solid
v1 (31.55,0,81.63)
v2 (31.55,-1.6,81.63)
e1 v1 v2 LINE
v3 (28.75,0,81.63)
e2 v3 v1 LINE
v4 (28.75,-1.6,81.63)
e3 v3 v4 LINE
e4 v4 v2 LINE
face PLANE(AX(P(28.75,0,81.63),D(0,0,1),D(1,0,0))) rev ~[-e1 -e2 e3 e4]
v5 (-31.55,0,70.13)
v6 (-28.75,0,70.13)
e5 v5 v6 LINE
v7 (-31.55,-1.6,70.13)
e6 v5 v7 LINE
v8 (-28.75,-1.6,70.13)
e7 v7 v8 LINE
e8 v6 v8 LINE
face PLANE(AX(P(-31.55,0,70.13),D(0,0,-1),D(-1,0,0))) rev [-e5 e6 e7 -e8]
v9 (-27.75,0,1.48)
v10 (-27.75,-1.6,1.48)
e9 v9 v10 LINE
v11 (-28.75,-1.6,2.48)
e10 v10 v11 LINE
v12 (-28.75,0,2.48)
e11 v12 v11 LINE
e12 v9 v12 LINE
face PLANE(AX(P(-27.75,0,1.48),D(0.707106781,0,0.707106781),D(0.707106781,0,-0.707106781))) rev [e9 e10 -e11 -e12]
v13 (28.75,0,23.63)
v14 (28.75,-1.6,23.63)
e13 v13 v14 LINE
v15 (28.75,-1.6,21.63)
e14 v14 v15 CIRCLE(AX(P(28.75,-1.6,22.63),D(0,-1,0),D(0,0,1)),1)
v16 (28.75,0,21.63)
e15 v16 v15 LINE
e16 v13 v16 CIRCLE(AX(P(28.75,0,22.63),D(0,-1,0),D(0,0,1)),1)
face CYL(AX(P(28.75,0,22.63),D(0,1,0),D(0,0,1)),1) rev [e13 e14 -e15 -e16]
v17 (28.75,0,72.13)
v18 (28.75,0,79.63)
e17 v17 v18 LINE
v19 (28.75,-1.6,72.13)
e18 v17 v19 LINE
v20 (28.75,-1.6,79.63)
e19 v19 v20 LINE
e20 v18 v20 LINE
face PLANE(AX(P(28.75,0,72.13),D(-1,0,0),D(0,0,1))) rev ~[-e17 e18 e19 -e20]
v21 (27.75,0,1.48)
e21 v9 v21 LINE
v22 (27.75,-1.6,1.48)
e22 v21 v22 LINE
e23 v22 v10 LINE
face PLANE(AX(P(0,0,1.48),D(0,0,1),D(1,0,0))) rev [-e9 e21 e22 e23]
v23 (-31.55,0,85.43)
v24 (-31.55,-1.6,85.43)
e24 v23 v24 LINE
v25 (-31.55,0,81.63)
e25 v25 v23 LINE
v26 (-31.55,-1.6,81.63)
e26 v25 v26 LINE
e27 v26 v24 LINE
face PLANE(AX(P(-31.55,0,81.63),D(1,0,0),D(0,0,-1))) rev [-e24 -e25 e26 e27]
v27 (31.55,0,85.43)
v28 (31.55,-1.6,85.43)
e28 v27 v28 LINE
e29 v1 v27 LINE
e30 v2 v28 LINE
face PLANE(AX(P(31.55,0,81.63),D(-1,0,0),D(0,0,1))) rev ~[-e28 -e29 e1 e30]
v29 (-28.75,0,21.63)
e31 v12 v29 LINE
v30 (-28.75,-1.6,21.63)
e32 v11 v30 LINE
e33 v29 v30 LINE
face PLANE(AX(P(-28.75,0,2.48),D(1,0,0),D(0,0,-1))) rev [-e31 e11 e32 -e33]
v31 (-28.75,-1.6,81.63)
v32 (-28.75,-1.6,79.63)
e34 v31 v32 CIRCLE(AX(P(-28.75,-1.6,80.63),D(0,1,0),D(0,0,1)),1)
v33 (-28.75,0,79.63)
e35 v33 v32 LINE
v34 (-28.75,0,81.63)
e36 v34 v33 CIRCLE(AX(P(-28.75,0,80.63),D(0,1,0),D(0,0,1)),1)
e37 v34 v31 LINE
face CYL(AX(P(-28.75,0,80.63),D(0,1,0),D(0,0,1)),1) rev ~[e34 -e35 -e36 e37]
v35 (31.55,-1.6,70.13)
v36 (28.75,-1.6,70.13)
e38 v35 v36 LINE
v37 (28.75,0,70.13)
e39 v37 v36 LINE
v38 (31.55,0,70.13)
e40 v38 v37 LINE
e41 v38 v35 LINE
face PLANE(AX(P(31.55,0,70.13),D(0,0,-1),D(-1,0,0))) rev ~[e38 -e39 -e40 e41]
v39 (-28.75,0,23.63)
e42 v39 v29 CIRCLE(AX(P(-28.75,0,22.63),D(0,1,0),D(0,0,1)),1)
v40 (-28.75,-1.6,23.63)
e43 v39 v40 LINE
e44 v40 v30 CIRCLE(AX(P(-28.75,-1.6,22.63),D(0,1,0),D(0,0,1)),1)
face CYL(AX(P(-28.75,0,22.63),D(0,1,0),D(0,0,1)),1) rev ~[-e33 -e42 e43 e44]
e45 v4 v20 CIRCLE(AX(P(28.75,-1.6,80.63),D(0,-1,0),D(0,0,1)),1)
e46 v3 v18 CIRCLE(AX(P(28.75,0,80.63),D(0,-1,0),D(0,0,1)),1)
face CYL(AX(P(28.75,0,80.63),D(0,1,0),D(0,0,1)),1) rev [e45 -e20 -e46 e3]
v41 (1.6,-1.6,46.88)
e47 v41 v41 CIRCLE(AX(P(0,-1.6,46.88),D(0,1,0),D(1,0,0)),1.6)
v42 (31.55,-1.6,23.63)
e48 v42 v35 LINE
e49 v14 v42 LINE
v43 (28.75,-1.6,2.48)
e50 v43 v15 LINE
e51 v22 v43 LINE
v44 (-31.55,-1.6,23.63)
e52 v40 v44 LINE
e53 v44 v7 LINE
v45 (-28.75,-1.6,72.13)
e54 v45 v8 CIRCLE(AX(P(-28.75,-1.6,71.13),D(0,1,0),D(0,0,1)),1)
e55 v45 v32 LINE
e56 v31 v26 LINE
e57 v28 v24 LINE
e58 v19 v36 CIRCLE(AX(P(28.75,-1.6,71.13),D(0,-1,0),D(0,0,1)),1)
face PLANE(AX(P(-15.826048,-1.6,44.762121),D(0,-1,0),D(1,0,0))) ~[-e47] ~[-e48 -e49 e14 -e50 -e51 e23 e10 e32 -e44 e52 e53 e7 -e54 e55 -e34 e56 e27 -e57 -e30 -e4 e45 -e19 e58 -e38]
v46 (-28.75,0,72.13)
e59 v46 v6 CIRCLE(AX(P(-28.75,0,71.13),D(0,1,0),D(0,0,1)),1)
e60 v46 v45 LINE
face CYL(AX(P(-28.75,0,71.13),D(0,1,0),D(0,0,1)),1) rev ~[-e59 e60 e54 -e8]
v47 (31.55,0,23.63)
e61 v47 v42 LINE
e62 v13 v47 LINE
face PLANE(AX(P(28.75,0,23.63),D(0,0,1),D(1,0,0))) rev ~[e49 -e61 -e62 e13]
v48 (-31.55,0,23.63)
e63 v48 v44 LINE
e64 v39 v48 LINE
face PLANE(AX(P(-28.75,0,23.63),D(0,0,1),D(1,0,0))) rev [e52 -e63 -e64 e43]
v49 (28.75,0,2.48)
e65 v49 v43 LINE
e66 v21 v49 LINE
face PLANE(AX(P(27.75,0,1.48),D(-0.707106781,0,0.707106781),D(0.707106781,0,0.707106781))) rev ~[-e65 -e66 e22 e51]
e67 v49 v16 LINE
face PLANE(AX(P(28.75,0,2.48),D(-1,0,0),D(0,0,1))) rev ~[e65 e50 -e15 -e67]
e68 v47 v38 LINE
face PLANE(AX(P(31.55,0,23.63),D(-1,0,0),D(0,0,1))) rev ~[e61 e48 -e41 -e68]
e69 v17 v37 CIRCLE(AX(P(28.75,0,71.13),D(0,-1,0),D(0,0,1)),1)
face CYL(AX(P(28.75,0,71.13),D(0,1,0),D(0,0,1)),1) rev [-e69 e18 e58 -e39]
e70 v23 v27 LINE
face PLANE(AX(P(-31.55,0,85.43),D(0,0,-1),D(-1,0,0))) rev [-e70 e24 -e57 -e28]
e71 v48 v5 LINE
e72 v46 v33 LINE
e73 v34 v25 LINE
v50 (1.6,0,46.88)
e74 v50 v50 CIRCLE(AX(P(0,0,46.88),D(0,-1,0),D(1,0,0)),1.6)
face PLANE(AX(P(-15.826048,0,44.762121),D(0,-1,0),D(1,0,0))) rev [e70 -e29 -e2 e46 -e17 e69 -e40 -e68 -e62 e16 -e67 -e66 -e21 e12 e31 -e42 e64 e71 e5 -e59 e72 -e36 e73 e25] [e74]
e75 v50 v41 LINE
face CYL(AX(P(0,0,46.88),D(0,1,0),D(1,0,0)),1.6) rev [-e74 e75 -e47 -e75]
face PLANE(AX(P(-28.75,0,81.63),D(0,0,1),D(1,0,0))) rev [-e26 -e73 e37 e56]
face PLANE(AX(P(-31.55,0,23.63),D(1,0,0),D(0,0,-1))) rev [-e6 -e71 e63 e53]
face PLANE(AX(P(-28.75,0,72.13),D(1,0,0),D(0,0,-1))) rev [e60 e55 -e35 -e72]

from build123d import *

# Parameters (mm, degrees)
PAD009_DEPTH    = 1.6
SKETCH029_R     = 1.6
POCKET014_DEPTH = 1.601


with BuildPart() as part:
    # Sketch028 → Pad009 (new body)
    with BuildSketch(Plane.XZ):
        with BuildLine():
            Line((0, 1.48), (27.75, 1.48))
            Line((27.75, 1.48), (28.75, 2.48))
            Line((28.75, 2.48), (28.75, 21.63))
            ThreePointArc((28.75, 23.63), (27.75, 22.63), (28.75, 21.63))
            Line((28.75, 23.63), (31.55, 23.63))
            Line((31.55, 23.63), (31.55, 70.13))
            Line((31.55, 70.13), (28.75, 70.13))
            ThreePointArc((28.75, 72.13), (27.75, 71.13), (28.75, 70.13))
            Line((28.75, 72.13), (28.75, 79.63))
            ThreePointArc((28.75, 81.63), (27.75, 80.63), (28.75, 79.63))
            Line((28.75, 81.63), (31.55, 81.63))
            Line((31.55, 81.63), (31.55, 85.43))
            Line((31.55, 85.43), (0, 85.43))
            Line((0, 85.43), (0, 1.48))
        make_face()
    pad009 = extrude(amount=PAD009_DEPTH)

    # Mirrored002: Pad009 across Sketch028 V_Axis
    add(pad009.mirror(Plane(origin=(0, 0, 0), x_dir=(0, -1, 0), z_dir=(1, 0, 0))))

    # Sketch029 → Pocket014 (cut, through all)
    with BuildSketch(Plane.XZ):
        with Locations((0, 46.88)):
            Circle(SKETCH029_R)
    extrude(amount=POCKET014_DEPTH, mode=Mode.SUBTRACT)


solid = part.part
